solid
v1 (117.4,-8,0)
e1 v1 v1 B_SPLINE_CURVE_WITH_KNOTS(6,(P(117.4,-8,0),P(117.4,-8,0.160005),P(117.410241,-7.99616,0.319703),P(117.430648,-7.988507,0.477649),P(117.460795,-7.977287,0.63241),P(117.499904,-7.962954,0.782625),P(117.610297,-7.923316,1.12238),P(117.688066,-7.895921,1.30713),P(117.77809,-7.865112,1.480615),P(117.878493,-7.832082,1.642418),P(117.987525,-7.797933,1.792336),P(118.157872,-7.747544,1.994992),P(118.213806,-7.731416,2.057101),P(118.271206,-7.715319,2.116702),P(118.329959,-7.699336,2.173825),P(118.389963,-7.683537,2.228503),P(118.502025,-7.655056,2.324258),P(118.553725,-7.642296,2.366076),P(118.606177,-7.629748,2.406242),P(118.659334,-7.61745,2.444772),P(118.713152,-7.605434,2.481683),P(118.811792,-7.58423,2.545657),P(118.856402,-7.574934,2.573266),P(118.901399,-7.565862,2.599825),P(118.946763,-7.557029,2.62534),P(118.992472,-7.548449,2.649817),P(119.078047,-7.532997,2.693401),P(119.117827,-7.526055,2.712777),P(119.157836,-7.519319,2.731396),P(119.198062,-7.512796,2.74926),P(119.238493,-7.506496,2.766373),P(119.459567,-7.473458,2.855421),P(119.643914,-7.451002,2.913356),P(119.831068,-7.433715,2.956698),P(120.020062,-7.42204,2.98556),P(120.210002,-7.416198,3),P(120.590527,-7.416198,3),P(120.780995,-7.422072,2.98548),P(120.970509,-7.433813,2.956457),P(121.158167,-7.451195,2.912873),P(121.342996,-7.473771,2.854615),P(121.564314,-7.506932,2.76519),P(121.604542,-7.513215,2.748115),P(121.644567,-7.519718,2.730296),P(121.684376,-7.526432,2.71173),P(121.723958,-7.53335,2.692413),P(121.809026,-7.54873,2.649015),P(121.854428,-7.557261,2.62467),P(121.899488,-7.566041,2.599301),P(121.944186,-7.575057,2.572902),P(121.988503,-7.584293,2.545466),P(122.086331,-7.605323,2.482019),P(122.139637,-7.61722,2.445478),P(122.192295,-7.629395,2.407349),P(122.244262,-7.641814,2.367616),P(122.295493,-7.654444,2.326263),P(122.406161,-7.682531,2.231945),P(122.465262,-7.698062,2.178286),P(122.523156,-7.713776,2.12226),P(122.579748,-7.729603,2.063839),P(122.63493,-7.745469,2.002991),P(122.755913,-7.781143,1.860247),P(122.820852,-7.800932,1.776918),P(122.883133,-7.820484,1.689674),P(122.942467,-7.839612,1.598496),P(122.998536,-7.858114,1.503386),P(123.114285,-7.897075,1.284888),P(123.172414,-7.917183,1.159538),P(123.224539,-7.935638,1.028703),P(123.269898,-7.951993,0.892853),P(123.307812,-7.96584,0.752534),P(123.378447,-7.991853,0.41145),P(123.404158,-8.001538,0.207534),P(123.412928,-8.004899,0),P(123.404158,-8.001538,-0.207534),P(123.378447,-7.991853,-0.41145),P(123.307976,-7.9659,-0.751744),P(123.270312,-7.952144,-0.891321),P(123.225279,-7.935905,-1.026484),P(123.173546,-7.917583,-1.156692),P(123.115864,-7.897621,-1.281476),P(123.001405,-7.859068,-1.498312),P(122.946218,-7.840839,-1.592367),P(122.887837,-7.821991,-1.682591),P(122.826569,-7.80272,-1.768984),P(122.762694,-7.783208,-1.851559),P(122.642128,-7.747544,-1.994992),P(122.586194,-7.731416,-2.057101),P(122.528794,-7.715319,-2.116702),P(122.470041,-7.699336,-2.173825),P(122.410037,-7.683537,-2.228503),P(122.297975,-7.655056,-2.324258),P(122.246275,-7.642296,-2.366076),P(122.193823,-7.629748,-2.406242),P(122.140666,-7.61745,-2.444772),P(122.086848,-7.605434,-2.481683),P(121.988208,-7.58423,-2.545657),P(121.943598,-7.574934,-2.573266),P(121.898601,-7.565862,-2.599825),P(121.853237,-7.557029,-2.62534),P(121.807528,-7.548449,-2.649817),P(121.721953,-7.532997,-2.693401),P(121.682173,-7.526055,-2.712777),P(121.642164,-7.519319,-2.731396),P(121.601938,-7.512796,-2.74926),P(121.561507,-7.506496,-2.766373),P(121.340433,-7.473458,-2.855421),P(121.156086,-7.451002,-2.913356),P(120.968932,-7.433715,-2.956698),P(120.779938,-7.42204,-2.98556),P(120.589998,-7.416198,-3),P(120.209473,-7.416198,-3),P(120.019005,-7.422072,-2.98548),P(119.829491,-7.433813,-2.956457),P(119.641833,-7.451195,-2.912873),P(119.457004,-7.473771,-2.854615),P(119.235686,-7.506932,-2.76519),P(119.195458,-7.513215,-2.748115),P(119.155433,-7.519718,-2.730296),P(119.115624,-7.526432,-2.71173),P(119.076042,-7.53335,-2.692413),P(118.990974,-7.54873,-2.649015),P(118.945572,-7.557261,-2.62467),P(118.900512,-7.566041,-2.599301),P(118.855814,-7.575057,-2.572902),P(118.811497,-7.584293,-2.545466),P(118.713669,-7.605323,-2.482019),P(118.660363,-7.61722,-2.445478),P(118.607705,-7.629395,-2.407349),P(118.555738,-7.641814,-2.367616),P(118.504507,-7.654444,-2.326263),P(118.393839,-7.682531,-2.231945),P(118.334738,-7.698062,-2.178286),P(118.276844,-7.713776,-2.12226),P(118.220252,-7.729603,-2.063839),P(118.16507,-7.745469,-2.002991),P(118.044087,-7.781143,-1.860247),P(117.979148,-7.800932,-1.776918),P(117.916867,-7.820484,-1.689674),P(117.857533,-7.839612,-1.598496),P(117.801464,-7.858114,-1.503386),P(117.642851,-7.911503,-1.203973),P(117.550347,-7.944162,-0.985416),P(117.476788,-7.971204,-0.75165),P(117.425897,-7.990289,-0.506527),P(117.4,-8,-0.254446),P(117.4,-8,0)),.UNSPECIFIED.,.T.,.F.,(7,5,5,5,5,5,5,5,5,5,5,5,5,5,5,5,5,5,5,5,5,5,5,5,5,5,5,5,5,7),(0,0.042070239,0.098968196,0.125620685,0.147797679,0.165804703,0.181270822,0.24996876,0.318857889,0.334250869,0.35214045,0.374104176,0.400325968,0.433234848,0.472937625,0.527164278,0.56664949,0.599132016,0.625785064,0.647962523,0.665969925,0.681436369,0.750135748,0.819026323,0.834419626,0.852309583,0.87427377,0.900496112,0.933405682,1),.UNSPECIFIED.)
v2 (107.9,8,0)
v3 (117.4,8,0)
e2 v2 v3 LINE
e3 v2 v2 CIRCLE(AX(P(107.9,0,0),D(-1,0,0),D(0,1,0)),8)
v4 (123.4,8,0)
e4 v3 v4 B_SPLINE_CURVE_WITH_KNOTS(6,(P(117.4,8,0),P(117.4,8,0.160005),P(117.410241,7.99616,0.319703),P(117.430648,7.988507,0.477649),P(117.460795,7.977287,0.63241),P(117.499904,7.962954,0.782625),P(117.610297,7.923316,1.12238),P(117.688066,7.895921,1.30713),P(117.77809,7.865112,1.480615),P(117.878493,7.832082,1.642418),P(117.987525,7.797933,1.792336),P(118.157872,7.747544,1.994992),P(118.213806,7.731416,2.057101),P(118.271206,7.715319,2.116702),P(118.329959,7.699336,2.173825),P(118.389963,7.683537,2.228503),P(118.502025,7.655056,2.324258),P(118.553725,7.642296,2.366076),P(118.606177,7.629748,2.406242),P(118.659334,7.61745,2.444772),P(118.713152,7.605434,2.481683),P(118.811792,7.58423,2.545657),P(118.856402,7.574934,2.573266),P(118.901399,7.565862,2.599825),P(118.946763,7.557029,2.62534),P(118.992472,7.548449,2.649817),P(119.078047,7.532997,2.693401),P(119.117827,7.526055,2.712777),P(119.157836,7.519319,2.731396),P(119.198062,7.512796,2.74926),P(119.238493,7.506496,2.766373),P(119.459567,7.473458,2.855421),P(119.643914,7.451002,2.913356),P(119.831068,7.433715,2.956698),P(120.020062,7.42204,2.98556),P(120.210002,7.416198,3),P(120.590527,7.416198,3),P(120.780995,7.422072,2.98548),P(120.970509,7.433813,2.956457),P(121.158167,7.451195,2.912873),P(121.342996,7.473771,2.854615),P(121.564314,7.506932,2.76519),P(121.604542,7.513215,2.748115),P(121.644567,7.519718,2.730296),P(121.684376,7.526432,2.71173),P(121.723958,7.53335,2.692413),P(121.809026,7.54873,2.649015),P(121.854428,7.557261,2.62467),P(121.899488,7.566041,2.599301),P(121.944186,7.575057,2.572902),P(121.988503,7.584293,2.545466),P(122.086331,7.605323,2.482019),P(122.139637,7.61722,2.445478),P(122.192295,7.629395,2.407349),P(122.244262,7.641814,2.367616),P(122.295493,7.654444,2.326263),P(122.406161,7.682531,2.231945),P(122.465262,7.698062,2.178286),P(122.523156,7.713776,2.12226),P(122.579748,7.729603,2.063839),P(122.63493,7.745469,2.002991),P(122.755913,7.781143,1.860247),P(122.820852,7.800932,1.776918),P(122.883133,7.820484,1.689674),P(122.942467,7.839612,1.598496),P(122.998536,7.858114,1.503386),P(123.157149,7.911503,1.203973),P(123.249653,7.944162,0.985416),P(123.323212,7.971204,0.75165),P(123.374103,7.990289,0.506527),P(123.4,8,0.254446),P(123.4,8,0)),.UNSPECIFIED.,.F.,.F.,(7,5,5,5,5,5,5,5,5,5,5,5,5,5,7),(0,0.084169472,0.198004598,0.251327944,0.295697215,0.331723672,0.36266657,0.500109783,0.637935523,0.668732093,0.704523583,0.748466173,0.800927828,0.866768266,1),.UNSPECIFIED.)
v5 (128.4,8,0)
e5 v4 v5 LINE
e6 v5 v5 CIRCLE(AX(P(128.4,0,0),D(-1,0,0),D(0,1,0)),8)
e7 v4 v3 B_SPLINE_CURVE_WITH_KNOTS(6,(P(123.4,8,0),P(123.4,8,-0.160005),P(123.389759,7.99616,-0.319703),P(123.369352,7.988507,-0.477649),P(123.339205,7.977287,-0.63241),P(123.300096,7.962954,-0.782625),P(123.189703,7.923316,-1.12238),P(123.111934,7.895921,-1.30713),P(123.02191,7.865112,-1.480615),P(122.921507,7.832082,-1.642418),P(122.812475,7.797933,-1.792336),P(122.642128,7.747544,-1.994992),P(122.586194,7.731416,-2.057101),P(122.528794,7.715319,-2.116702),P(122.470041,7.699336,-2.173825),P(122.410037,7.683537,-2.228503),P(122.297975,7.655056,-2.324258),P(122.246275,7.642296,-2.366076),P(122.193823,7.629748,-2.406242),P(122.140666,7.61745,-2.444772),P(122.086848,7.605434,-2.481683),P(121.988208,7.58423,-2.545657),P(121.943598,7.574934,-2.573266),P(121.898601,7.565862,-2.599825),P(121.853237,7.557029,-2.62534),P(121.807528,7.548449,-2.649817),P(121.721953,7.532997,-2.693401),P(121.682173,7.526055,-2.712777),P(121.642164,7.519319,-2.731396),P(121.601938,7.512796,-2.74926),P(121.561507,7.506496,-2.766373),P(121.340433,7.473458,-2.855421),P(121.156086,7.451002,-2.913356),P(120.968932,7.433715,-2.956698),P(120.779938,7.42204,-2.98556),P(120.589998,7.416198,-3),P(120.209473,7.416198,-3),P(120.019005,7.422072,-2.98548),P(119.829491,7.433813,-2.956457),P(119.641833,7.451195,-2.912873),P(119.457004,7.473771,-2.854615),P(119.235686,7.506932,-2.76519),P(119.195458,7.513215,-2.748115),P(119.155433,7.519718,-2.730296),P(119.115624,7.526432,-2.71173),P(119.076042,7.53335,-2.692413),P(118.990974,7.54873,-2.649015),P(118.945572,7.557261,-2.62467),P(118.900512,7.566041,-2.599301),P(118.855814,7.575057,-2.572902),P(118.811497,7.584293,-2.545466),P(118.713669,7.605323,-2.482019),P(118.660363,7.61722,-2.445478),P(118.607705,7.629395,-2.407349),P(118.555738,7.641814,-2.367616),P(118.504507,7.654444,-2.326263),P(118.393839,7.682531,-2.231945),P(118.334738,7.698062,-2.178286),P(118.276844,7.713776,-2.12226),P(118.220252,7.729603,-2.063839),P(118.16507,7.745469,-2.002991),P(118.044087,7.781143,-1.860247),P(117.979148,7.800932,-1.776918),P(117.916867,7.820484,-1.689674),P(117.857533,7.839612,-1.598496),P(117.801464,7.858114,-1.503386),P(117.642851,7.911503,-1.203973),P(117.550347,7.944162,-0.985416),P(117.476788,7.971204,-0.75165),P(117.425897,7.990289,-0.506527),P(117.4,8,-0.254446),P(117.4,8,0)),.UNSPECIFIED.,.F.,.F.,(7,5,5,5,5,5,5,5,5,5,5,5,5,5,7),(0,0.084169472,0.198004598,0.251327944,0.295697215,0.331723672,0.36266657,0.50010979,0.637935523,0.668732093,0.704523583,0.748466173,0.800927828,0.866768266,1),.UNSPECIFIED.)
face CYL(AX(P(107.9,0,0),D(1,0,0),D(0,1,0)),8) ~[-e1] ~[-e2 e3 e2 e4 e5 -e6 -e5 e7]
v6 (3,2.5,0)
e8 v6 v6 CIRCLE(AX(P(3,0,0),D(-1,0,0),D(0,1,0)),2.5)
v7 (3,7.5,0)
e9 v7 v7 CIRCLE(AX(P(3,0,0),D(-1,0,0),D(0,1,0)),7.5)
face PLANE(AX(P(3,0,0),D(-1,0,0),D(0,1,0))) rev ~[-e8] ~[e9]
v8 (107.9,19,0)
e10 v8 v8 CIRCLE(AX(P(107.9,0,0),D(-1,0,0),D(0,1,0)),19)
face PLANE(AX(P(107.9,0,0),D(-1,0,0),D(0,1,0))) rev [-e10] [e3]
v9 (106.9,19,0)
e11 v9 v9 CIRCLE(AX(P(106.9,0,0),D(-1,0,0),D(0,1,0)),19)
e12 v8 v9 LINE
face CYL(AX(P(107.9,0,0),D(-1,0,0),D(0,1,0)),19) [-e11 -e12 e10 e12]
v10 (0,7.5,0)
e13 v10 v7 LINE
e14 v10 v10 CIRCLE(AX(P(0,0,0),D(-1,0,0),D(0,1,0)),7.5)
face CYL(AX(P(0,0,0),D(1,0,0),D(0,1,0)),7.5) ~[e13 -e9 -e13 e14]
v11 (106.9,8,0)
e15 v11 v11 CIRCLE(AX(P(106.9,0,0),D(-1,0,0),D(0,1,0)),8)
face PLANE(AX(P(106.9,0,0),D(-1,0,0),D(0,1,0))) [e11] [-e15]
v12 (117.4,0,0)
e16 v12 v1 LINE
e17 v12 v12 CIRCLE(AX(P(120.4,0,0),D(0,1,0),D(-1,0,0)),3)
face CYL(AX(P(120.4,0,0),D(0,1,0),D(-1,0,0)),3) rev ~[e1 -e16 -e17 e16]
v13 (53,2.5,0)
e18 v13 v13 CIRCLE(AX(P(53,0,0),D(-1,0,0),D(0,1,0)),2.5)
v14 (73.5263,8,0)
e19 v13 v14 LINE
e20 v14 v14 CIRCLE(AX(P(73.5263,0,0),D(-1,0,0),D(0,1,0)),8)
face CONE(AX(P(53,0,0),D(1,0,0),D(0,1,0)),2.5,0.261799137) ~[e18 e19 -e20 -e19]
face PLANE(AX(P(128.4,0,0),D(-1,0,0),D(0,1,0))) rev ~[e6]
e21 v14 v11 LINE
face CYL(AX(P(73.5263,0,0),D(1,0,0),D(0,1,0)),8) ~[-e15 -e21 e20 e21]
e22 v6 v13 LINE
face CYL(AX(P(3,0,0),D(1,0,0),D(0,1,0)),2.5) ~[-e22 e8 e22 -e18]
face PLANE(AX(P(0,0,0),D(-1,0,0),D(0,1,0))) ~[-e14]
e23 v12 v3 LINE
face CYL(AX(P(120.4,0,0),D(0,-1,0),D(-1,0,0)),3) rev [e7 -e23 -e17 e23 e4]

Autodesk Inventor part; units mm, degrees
ref_plane "YZ Plane" through (0, 0, 0) normal (1, 0, 0) x (0, 1, 0)
ref_plane "XZ Plane" through (0, 0, 0) normal (0, 1, 0) x (-1, 0, 0)
ref_plane "XY Plane" through (0, 0, 0) normal (0, 0, 1) x (1, 0, 0)
sketch "Эскиз1" plane through (0, 0, 0) normal (0, 0, 1) x (1, 0, 0)
  line L0 (0, 0) -> (0, 7.5)
  line L1 (0, 7.5) -> (3, 7.5)
  line L2 (3, 7.5) -> (3, 2.5)
  line L3 (3, 2.5) -> (53, 2.5)
  line L4 (53, 2.5) -> (73.5263, 8)
  line L5 (128.4, 8) -> (128.4, 0)
  line L6 (128.4, 0) -> (0, 0)
  line L7 (107.9, 8) -> (107.9, 19)
  line L8 (107.9, 19) -> (106.9, 19)
  line L9 (106.9, 19) -> (106.9, 8)
  line L10 (73.5263, 8) -> (106.9, 8)
  line L11 (107.9, 8) -> (128.4, 8)
  dimension "d0" = 5
  dimension "d1" = 15
  dimension "d2" = 3
  dimension "d3" = 128.4
  dimension "d4" = 15
  dimension "d6" = 50
  dimension "d12" = 1
  dimension "d13" = 16
  dimension "d14" = 21.5
  dimension "d15" = 38
revolve "Вращение1" add sketch "Эскиз1" angle 360 about axis through (128.4, 0, 0) along (-1, 0, 0)
sketch "Эскиз2" plane through (0, 0, 0) normal (0, 1, 0) x (-1, 0, 0)
  circle A0 centre (-120.4, 0) radius 3
  line L0 (-128.4, 8) -> (-128.4, -8) projected
  point P0 (0, 0)
  point P1 (-128.4, 0)
  dimension "d8" = 6
  dimension "d9" = 8
extrude "Выдавливание1" cut sketch "Эскиз2" along normal through all both and the other way through all
properties part number "JF_0837B_Linear solenoid Pull 15N 12v1A Planger" material "Сталь, нержавеющая, аустенитная"
